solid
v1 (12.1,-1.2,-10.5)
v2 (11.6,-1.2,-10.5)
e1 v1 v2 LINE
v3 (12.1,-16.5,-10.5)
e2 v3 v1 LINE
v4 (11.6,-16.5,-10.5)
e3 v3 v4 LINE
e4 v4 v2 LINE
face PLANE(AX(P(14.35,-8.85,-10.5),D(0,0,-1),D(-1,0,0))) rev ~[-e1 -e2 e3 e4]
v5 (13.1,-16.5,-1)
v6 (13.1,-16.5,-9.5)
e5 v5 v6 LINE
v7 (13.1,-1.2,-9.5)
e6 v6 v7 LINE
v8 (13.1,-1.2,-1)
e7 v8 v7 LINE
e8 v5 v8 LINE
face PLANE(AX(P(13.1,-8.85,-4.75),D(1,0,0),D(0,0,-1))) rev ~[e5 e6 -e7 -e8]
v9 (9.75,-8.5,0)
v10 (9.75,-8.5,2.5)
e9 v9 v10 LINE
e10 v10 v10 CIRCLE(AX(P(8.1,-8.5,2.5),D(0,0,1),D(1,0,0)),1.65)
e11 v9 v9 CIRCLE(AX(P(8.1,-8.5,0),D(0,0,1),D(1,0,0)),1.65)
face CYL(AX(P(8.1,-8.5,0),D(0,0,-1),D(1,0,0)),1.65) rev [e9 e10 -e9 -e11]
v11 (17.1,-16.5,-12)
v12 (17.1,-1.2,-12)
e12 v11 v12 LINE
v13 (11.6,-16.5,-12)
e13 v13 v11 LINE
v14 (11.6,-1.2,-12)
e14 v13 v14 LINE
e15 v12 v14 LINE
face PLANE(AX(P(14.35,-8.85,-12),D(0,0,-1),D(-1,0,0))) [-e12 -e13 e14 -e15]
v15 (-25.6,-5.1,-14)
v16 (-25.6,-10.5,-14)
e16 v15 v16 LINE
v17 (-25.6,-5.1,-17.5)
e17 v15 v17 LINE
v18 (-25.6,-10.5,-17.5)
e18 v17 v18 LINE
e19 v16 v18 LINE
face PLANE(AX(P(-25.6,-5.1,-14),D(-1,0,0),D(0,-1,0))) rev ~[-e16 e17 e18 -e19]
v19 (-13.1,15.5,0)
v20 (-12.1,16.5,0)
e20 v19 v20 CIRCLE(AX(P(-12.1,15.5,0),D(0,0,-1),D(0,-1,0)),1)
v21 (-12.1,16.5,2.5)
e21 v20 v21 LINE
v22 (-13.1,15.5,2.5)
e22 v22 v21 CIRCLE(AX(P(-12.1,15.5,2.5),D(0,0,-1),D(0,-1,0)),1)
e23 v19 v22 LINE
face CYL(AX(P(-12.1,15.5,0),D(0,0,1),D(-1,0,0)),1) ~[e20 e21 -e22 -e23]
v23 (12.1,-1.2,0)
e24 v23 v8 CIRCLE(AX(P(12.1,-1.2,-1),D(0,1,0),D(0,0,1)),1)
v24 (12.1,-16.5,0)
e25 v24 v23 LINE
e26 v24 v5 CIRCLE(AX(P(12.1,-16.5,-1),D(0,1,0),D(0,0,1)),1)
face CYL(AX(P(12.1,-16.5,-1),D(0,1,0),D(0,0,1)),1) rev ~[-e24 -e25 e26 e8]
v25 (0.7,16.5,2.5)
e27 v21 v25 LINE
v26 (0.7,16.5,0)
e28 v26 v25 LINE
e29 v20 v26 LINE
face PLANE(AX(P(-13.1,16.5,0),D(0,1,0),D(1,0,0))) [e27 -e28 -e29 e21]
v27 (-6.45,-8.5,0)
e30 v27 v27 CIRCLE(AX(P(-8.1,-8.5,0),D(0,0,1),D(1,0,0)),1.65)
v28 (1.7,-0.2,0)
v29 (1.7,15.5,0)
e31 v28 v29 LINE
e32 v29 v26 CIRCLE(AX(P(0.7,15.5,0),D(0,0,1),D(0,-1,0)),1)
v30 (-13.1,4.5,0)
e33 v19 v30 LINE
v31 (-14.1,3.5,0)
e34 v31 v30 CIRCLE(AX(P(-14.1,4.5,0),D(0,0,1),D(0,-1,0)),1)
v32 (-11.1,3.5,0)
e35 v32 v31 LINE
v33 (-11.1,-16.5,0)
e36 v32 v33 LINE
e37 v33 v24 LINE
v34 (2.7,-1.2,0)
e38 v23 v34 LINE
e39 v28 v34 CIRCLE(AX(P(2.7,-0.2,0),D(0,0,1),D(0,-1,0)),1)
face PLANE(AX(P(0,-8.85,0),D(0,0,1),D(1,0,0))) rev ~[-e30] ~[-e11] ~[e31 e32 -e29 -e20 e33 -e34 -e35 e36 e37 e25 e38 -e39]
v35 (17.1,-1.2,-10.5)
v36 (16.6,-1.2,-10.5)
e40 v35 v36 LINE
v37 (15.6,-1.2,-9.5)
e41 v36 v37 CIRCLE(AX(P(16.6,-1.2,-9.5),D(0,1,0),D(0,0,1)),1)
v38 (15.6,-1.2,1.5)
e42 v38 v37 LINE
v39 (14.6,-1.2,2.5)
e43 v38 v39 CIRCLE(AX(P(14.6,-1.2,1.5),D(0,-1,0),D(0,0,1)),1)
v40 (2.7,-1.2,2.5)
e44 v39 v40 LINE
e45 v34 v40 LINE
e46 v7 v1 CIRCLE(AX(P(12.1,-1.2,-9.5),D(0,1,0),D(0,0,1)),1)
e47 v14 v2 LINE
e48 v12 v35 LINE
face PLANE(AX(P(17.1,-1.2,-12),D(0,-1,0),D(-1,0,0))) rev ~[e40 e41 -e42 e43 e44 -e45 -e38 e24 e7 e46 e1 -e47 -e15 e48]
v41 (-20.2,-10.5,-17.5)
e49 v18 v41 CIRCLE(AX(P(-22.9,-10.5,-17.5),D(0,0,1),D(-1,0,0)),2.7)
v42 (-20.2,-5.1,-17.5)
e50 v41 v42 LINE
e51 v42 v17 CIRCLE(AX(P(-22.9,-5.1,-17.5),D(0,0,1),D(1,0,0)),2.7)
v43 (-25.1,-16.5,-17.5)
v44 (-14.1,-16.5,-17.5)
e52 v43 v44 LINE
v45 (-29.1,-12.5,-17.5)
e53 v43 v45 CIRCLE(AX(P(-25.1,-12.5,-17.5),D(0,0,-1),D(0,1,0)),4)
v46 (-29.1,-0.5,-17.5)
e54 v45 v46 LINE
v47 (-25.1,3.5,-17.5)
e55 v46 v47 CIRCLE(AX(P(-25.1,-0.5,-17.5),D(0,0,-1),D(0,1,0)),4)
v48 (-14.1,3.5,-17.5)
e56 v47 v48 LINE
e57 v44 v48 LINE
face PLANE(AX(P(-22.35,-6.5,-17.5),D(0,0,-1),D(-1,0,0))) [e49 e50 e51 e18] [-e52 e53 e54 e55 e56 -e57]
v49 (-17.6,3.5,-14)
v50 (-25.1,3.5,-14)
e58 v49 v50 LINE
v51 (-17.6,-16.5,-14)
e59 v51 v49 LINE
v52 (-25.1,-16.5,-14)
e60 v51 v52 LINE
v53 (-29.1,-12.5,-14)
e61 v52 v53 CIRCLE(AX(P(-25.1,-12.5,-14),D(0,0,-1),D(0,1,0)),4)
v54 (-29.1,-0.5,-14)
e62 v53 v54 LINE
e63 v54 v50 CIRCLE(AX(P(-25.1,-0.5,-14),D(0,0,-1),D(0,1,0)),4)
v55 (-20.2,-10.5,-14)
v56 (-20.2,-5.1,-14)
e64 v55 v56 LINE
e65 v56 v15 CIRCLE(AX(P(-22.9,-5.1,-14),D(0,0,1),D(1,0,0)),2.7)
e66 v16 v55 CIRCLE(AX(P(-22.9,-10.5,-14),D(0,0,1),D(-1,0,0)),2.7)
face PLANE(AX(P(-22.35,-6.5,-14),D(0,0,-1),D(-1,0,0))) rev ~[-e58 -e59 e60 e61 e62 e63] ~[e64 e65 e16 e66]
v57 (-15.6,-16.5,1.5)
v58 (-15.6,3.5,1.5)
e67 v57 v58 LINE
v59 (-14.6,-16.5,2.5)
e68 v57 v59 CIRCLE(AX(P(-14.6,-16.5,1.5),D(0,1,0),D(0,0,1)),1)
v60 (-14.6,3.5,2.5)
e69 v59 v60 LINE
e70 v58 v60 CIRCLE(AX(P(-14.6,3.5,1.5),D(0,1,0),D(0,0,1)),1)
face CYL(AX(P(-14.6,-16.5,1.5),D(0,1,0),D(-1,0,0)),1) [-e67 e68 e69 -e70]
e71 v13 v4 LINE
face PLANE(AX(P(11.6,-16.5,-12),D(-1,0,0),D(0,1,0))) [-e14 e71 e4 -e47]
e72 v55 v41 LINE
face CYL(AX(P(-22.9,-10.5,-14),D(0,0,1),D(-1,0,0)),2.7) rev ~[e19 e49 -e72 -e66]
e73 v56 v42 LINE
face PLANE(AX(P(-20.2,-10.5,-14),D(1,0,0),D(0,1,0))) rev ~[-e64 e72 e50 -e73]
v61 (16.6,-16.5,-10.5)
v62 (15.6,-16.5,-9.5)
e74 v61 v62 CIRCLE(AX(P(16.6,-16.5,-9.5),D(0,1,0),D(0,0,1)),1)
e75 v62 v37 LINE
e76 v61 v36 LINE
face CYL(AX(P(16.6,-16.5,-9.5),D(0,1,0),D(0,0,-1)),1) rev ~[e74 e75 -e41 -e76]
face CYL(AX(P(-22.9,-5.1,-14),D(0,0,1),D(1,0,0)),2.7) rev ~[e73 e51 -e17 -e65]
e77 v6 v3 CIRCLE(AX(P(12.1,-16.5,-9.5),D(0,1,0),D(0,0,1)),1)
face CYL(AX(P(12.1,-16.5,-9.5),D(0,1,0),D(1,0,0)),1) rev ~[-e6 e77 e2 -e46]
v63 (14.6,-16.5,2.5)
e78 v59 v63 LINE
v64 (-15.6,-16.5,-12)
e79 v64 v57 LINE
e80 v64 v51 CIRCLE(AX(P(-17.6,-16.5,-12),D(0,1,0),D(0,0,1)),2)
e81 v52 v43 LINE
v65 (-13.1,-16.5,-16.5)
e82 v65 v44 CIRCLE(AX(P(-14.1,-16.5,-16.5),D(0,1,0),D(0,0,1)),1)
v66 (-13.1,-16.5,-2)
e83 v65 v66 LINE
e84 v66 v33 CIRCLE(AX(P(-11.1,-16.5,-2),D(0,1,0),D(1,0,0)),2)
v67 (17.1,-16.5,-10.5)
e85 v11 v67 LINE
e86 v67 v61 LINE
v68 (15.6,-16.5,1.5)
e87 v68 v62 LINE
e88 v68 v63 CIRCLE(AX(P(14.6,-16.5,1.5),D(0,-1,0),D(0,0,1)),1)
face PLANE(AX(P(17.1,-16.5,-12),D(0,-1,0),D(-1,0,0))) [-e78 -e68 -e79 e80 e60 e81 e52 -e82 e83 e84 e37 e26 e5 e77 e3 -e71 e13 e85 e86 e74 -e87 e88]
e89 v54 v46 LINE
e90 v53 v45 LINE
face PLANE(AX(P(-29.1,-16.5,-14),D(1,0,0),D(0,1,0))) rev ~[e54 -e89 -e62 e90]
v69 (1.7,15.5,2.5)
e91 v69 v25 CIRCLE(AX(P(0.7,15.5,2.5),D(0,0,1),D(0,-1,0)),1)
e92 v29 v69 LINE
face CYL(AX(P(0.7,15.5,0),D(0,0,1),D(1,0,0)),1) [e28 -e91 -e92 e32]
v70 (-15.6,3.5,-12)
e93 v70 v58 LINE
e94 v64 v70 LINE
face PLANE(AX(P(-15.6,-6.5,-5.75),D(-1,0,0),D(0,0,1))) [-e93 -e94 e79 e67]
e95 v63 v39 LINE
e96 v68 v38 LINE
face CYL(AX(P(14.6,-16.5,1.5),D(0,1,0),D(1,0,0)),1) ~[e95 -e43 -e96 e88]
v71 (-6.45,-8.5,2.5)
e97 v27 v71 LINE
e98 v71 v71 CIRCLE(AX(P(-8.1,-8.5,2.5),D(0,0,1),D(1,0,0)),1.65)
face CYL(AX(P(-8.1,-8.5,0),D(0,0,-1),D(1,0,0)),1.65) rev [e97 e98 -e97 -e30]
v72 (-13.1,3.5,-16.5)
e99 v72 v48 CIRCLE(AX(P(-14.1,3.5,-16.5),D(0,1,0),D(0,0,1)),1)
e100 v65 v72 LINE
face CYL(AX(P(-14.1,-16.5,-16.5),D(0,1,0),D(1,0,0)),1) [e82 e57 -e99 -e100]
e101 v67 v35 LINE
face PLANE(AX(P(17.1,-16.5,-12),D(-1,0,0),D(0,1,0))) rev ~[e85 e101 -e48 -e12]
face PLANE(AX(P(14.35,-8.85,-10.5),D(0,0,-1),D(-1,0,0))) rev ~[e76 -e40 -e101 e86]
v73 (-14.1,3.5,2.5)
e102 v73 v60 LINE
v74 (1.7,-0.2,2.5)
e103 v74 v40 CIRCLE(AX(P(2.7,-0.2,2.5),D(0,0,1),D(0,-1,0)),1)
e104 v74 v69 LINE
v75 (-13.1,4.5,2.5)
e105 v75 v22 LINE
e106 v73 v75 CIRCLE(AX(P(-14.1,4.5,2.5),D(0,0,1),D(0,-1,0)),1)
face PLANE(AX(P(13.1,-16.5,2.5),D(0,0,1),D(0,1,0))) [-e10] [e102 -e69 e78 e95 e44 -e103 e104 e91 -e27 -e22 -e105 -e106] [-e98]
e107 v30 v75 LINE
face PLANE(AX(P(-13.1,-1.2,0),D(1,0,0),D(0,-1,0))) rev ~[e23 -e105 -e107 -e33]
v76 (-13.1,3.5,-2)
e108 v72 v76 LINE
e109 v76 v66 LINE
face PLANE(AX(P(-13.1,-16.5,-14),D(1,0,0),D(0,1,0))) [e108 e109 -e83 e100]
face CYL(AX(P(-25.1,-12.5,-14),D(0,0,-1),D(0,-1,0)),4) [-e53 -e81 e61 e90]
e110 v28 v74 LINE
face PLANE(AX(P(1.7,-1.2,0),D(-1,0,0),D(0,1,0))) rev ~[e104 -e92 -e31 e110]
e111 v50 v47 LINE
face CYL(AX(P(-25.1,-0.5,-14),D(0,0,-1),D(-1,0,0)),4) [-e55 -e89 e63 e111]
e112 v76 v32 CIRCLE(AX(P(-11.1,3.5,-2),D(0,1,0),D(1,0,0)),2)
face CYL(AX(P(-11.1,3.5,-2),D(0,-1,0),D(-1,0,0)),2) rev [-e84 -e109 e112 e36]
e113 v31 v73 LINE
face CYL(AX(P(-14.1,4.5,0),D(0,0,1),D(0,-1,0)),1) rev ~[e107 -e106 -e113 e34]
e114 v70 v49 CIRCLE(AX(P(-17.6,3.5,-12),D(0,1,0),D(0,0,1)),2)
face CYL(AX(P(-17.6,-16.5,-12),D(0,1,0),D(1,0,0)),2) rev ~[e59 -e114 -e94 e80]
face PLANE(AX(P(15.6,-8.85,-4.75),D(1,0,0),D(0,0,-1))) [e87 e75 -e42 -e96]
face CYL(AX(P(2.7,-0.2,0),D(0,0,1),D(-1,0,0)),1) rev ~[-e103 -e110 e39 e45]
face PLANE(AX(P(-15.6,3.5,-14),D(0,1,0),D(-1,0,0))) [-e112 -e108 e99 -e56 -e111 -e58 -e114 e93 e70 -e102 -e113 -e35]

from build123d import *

# Parameters (mm, degrees)
SKETCH1_W            = 14.8
SKETCH1_H            = 17.7
SKETCH1_R            = 1.65
BOSS_EXTRUDE1_DEPTH  = 2.5
FILLET1_R            = 1
SKETCH6_W            = 16.5
SKETCH6_H            = 20
BOSS_EXTRUDE8_DEPTH  = 2.5
SKETCH7_W            = 13.5
SKETCH7_H            = 20
SKETCH7_W_2          = 2.5
BOSS_EXTRUDE9_DEPTH  = 3.5
FILLET5_R            = 2
FILLET6_R            = 1
SKETCH10_W           = 14.5
SKETCH10_H           = 15.3
BOSS_EXTRUDE10_DEPTH = 2.5
SKETCH11_W           = 5.5
SKETCH11_H           = 15.3
BOSS_EXTRUDE11_DEPTH = 1.5
FILLET7_R            = 1
FILLET8_R            = 4


with BuildPart() as part:
    # Sketch1 → Boss-Extrude1 (new body)
    # profile 1 of 2: a face of its own
    with BuildSketch(Plane.XY):
        with Locations((-5.7, 7.65)):
            Rectangle(SKETCH1_W, SKETCH1_H)
    # profile 2 of 2: a face of its own
    with BuildSketch(Plane.XY):
        Polygon((1.7, -1.2), (-13.1, -1.2), (-13.1, -16.5), (13.1, -16.5), (13.1, -1.2), align=None)
        with Locations((-8.1, -8.5)):
            Circle(SKETCH1_R, mode=Mode.SUBTRACT)
        with Locations((8.1, -8.5)):
            Circle(SKETCH1_R, mode=Mode.SUBTRACT)
    extrude(amount=BOSS_EXTRUDE1_DEPTH)

    # Fillet1
    fillet1_edges = [part.edges().sort_by_distance(p)[0] for p in [
        (1.7, 16.5, 1.25),
        (-13.1, 16.5, 1.25),
    ]]
    fillet(fillet1_edges, radius=FILLET1_R)

    # Sketch6 → Boss-Extrude8 (add)
    with BuildSketch(Plane.ZY.offset(13.1)):
        with Locations((-5.75, -6.5)):
            Rectangle(SKETCH6_W, SKETCH6_H)
    extrude(amount=BOSS_EXTRUDE8_DEPTH)

    # Sketch7 → Boss-Extrude9 (add)
    # profile 1 of 2: a face of its own
    with BuildSketch(Plane(origin=(0, 0, -14), x_dir=(-1, 0, 0), z_dir=(0, 0, -1))):
        with Locations((22.35, -6.5)):
            Rectangle(SKETCH7_W, SKETCH7_H)
        with BuildLine():
            ThreePointArc((20.2, -5.1), (22.9, -2.4), (25.6, -5.1))
            Line((25.6, -5.1), (25.6, -10.5))
            ThreePointArc((25.6, -10.5), (22.9, -13.2), (20.2, -10.5))
            Line((20.2, -10.5), (20.2, -5.1))
        make_face(mode=Mode.SUBTRACT)
    # profile 2 of 2: a face of its own
    with BuildSketch(Plane(origin=(0, 0, -14), x_dir=(-1, 0, 0), z_dir=(0, 0, -1))):
        with Locations((14.35, -6.5)):
            Rectangle(SKETCH7_W_2, SKETCH7_H)
    extrude(amount=BOSS_EXTRUDE9_DEPTH)

    # Fillet5
    fillet5_edges = [part.edges().sort_by_distance(p)[0] for p in [
        (-13.1, -6.5, 0),
        (-15.6, -6.5, -14),
    ]]
    fillet(fillet5_edges, radius=FILLET5_R)

    # Fillet6
    fillet6_edges = [part.edges().sort_by_distance(p)[0] for p in [
        (-13.1, 3.5, 1.25),
        (-15.6, -6.5, 2.5),
    ]]
    fillet(fillet6_edges, radius=FILLET6_R)

    # Sketch10 → Boss-Extrude10 (add)
    with BuildSketch(Plane(origin=(13.1, 0, 0), x_dir=(0, 0, -1), z_dir=(1, 0, 0))):
        with Locations((4.75, -8.85)):
            Rectangle(SKETCH10_W, SKETCH10_H)
    extrude(amount=BOSS_EXTRUDE10_DEPTH)

    # Sketch11 → Boss-Extrude11 (add)
    with BuildSketch(Plane(origin=(0, 0, -12), x_dir=(-1, 0, 0), z_dir=(0, 0, -1))):
        with Locations((-14.35, -8.85)):
            Rectangle(SKETCH11_W, SKETCH11_H)
    extrude(amount=-BOSS_EXTRUDE11_DEPTH)

    # Fillet7
    fillet7_edges = [part.edges().sort_by_distance(p)[0] for p in [
        (13.1, -8.85, 0),
        (15.6, -8.85, 2.5),
        (15.6, -8.85, -10.5),
        (13.1, -8.85, -10.5),
        (1.7, -1.2, 1.25),
        (-13.1, -6.5, -17.5),
    ]]
    fillet(fillet7_edges, radius=FILLET7_R)

    # Fillet8
    fillet8_edges = [part.edges().sort_by_distance(p)[0] for p in [
        (-29.1, -16.5, -15.75),
        (-29.1, 3.5, -15.75),
    ]]
    fillet(fillet8_edges, radius=FILLET8_R)


solid = part.part
